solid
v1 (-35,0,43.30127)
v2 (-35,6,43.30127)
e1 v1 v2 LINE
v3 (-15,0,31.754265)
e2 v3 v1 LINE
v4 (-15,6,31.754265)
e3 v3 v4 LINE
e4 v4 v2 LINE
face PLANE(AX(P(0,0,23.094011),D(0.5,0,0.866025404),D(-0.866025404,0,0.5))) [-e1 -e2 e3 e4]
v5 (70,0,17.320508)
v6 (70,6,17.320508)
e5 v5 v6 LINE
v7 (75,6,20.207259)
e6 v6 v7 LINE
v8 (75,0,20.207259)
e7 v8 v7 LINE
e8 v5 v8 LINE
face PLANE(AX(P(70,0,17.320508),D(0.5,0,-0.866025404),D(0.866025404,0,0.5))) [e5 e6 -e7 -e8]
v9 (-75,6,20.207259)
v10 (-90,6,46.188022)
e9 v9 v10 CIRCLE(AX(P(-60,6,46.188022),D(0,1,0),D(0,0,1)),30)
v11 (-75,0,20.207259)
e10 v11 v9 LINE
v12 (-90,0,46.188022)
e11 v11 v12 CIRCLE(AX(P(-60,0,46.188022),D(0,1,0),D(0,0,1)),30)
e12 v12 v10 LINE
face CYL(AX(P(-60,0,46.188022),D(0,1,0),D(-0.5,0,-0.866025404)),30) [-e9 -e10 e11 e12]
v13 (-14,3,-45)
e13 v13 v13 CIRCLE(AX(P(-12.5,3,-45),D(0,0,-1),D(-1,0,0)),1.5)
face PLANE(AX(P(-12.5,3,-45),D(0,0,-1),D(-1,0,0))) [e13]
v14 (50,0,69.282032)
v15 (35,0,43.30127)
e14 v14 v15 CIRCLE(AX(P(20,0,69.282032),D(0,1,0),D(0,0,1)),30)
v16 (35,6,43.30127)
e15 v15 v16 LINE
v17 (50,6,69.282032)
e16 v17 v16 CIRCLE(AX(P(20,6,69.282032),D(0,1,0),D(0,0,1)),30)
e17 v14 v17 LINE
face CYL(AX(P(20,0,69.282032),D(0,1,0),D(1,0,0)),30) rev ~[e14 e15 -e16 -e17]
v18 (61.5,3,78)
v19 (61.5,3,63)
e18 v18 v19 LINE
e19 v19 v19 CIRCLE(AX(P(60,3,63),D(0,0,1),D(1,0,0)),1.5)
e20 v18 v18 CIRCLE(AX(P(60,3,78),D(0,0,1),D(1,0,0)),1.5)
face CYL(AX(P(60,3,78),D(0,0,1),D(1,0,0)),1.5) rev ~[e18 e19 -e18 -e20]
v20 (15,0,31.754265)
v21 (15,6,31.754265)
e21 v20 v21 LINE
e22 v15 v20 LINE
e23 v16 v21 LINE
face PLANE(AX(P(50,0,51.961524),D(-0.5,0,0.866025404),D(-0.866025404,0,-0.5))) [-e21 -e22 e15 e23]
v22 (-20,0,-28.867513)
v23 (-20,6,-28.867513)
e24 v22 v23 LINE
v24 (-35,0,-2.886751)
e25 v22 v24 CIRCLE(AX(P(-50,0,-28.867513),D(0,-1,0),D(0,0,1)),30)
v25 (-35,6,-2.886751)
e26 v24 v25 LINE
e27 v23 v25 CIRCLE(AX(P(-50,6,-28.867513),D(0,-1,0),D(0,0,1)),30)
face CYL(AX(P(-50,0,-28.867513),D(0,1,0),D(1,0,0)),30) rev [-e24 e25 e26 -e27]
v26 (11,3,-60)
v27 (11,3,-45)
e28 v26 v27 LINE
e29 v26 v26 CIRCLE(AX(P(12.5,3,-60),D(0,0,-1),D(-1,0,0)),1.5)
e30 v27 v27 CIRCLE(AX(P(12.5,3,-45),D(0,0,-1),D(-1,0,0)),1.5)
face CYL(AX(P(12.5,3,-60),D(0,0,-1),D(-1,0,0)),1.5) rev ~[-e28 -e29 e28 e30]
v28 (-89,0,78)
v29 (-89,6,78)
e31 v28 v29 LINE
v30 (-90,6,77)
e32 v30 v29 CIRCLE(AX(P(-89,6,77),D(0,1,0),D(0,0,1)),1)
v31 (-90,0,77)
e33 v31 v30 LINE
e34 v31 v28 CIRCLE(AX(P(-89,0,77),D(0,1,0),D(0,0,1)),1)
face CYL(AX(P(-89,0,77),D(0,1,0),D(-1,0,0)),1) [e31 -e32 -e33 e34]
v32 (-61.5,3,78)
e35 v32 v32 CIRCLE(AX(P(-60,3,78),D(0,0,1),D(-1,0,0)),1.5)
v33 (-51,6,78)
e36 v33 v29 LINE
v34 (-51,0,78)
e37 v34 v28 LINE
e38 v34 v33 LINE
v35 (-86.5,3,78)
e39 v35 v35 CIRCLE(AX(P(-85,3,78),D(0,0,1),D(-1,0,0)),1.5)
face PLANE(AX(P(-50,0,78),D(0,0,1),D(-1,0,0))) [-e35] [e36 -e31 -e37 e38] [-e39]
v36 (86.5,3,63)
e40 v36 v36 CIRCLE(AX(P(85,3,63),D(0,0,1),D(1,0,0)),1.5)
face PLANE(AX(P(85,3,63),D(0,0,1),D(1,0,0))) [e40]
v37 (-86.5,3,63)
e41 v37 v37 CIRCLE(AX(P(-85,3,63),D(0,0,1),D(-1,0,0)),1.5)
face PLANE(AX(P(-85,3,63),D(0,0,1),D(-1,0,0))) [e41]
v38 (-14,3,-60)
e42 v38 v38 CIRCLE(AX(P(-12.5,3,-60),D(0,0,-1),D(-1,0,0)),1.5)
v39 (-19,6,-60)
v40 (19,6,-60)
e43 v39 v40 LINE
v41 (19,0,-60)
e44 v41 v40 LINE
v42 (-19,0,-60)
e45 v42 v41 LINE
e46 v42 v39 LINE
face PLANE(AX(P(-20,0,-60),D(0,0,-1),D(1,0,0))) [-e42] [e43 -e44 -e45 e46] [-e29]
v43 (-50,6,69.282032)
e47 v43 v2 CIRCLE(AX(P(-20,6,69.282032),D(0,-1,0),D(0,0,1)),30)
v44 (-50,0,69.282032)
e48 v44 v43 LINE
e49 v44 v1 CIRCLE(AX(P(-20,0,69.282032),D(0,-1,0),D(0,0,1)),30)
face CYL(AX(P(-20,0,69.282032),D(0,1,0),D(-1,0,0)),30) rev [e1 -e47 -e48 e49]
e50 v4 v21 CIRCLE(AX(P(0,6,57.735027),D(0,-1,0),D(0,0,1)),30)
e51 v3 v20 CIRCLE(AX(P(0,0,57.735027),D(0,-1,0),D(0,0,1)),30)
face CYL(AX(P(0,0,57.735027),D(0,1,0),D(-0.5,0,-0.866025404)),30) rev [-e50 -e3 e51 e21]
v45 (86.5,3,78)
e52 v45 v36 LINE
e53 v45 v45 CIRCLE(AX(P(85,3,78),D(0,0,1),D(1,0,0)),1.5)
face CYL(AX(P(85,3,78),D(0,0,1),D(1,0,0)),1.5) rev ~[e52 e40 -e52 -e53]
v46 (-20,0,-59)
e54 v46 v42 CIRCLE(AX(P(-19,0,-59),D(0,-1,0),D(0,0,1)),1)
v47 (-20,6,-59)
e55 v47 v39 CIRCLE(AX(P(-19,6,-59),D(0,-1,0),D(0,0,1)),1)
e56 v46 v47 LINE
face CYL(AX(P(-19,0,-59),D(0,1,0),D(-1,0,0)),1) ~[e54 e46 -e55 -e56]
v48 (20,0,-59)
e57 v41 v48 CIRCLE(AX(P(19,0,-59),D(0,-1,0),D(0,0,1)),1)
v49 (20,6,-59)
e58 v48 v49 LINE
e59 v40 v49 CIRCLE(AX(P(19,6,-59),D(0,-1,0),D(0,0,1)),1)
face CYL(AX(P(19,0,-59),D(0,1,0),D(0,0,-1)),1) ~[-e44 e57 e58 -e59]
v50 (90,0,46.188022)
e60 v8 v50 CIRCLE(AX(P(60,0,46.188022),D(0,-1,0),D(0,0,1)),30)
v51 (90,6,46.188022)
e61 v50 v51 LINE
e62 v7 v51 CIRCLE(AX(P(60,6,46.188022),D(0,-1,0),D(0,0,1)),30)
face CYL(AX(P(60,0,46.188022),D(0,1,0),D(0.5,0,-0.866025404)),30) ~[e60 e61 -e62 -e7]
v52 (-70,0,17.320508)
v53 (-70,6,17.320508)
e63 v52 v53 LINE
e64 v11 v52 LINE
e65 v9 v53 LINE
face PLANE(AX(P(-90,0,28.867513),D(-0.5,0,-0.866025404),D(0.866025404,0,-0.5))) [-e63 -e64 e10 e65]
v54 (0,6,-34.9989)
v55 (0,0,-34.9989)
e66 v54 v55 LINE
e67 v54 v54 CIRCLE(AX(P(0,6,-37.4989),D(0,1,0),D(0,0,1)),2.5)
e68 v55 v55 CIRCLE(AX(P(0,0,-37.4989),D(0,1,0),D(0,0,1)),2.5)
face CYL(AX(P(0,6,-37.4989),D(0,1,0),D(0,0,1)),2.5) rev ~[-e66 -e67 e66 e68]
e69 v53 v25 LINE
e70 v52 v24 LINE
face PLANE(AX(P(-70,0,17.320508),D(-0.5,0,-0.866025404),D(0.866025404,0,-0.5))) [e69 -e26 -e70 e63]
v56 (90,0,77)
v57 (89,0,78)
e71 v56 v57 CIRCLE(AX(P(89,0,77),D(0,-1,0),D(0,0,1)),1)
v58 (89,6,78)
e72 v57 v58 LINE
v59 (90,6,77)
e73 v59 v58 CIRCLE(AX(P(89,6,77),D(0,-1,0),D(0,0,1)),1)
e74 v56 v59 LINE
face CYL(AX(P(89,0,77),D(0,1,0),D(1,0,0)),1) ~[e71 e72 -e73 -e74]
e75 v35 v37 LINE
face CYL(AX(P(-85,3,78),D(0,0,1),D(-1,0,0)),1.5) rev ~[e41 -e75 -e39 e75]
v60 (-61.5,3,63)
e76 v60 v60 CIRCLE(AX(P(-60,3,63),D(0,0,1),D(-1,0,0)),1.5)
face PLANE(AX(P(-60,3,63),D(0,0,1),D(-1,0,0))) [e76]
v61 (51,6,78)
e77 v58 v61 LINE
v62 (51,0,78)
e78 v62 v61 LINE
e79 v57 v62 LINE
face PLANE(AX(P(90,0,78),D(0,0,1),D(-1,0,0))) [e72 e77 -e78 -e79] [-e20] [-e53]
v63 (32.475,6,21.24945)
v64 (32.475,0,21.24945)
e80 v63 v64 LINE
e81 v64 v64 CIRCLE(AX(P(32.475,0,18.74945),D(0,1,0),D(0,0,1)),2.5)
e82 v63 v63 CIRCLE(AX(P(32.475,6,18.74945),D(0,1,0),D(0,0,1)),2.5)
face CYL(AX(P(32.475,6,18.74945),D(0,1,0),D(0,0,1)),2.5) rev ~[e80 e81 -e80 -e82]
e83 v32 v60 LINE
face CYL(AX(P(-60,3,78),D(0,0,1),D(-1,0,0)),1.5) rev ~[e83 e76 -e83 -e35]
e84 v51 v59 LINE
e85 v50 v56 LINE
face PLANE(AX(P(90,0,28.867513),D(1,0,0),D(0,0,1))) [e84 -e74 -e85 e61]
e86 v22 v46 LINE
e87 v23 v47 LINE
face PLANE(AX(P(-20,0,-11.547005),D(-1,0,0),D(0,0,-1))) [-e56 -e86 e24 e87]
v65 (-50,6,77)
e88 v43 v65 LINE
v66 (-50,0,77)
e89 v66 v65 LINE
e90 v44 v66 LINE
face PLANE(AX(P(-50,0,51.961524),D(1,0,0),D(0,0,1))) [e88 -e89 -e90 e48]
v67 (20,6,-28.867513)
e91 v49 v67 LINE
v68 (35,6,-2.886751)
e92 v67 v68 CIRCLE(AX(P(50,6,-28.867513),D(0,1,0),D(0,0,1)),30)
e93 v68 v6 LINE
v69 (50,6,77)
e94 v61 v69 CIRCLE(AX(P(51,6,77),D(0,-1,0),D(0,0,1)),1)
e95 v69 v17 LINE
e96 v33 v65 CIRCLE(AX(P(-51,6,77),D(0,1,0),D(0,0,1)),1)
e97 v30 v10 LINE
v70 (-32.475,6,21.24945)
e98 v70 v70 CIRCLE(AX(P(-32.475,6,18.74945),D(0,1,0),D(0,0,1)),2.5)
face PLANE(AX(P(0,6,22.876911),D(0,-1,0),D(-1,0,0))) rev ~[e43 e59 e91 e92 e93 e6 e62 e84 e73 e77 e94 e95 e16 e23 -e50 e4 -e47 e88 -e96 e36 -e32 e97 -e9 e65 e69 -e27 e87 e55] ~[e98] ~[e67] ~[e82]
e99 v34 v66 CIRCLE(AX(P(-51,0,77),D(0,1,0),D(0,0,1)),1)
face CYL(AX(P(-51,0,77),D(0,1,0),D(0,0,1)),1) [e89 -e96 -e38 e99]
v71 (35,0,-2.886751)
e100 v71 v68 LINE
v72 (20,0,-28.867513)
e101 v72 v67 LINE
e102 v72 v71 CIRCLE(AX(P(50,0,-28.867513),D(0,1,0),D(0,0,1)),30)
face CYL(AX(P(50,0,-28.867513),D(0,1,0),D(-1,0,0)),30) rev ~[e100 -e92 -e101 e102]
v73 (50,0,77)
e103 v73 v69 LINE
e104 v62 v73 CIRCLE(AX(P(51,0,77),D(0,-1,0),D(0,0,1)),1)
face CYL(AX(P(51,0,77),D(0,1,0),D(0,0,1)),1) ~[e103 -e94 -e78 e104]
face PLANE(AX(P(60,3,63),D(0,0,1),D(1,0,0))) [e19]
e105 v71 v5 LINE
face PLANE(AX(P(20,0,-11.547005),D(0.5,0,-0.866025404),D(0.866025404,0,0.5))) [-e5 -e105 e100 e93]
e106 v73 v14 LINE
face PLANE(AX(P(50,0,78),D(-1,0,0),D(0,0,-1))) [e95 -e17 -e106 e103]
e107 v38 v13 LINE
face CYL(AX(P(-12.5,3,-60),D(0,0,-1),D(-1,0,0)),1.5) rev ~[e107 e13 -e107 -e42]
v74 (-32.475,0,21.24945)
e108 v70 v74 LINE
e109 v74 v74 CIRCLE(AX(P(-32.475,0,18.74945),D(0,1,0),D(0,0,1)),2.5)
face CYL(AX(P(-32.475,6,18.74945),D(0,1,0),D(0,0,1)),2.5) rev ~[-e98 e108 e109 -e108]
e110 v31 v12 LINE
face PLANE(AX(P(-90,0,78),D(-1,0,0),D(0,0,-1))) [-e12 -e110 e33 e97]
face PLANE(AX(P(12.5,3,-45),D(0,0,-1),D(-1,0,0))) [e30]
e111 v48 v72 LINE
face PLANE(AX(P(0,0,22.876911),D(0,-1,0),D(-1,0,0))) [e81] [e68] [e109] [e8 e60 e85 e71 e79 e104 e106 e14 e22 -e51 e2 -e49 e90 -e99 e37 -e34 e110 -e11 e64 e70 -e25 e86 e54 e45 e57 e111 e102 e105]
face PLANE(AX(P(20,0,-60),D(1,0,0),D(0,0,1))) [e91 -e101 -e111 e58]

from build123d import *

# Parameters (mm, degrees)
EXTRUDE_1_DEPTH     = 6
SKETCH_3_R          = 2.5
CUT_EXTRUDE_1_DEPTH = 13
FILLET_1_R          = 30
FILLET_2_R          = 1
SKETCH_6_R          = 1.5
CUT_EXTRUDE_3_DEPTH = 15
SKETCH_7_R          = 1.5
CUT_EXTRUDE_4_DEPTH = 15


with BuildPart() as part:
    # 草图1 → 凸台-拉伸1 (new body)
    with BuildSketch(Plane(origin=(0, 0, 0), x_dir=(1, 0, 0), z_dir=(0, 1, 0))):
        Polygon((-20, 60), (20, 60), (20, 11.547005384), (70, -17.320508076), (90, -28.867513459), (90, -78), (50, -78), (50, -51.961524227), (0, -23.094010768), (-50, -51.961524227), (-50, -78), (-90, -78), (-90, -28.867513459), (-70, -17.320508076), (-20, 11.547005384), align=None)
    extrude(amount=EXTRUDE_1_DEPTH)

    # 草图3 → 切除-拉伸1 (cut)
    with BuildSketch(Plane(origin=(0, 6, 0), x_dir=(1, 0, 0), z_dir=(0, 1, 0))):
        with Locations(Location((0, 37.498899984, 0), (0, 0, 270))):
            Circle(SKETCH_3_R)
        with Locations(Location((32.475, -18.749449992, 0), (0, 0, 270))):
            Circle(SKETCH_3_R)
        with Locations(Location((-32.475, -18.749449992, 0), (0, 0, 270))):
            Circle(SKETCH_3_R)
    extrude(amount=-CUT_EXTRUDE_1_DEPTH, mode=Mode.SUBTRACT)

    # 圆角1
    fillet_1_edges = [part.edges().sort_by_distance(p)[0] for p in [
        (-20, 3, -11.547005384),
        (20, 3, -11.547005384),
        (90, 3, 28.867513459),
        (50, 3, 51.961524227),
        (0, 3, 23.094010768),
        (-50, 3, 51.961524227),
        (-90, 3, 28.867513459),
    ]]
    fillet(fillet_1_edges, radius=FILLET_1_R)

    # 圆角2
    fillet_2_edges = [part.edges().sort_by_distance(p)[0] for p in [
        (-20, 3, -60),
        (20, 3, -60),
        (90, 3, 78),
        (50, 3, 78),
        (-50, 3, 78),
        (-90, 3, 78),
    ]]
    fillet(fillet_2_edges, radius=FILLET_2_R)

    # 草图6 → 切除-拉伸3 (cut)
    with BuildSketch(Plane.XY.offset(78)):
        with Locations((60, 3)):
            Circle(SKETCH_6_R)
        with Locations((85, 3)):
            Circle(SKETCH_6_R)
        with Locations(Location((-85, 3, 0), (0, 0, 180))):
            Circle(SKETCH_6_R)
        with Locations(Location((-60, 3, 0), (0, 0, 180))):
            Circle(SKETCH_6_R)
    extrude(amount=-CUT_EXTRUDE_3_DEPTH, mode=Mode.SUBTRACT)

    # 草图7 → 切除-拉伸4 (cut)
    with BuildSketch(Plane(origin=(0, 0, -60), x_dir=(-1, 0, 0), z_dir=(0, 0, -1))):
        with Locations((12.5, 3)):
            Circle(SKETCH_7_R)
        with Locations((-12.5, 3)):
            Circle(SKETCH_7_R)
    extrude(amount=-CUT_EXTRUDE_4_DEPTH, mode=Mode.SUBTRACT)


solid = part.part
